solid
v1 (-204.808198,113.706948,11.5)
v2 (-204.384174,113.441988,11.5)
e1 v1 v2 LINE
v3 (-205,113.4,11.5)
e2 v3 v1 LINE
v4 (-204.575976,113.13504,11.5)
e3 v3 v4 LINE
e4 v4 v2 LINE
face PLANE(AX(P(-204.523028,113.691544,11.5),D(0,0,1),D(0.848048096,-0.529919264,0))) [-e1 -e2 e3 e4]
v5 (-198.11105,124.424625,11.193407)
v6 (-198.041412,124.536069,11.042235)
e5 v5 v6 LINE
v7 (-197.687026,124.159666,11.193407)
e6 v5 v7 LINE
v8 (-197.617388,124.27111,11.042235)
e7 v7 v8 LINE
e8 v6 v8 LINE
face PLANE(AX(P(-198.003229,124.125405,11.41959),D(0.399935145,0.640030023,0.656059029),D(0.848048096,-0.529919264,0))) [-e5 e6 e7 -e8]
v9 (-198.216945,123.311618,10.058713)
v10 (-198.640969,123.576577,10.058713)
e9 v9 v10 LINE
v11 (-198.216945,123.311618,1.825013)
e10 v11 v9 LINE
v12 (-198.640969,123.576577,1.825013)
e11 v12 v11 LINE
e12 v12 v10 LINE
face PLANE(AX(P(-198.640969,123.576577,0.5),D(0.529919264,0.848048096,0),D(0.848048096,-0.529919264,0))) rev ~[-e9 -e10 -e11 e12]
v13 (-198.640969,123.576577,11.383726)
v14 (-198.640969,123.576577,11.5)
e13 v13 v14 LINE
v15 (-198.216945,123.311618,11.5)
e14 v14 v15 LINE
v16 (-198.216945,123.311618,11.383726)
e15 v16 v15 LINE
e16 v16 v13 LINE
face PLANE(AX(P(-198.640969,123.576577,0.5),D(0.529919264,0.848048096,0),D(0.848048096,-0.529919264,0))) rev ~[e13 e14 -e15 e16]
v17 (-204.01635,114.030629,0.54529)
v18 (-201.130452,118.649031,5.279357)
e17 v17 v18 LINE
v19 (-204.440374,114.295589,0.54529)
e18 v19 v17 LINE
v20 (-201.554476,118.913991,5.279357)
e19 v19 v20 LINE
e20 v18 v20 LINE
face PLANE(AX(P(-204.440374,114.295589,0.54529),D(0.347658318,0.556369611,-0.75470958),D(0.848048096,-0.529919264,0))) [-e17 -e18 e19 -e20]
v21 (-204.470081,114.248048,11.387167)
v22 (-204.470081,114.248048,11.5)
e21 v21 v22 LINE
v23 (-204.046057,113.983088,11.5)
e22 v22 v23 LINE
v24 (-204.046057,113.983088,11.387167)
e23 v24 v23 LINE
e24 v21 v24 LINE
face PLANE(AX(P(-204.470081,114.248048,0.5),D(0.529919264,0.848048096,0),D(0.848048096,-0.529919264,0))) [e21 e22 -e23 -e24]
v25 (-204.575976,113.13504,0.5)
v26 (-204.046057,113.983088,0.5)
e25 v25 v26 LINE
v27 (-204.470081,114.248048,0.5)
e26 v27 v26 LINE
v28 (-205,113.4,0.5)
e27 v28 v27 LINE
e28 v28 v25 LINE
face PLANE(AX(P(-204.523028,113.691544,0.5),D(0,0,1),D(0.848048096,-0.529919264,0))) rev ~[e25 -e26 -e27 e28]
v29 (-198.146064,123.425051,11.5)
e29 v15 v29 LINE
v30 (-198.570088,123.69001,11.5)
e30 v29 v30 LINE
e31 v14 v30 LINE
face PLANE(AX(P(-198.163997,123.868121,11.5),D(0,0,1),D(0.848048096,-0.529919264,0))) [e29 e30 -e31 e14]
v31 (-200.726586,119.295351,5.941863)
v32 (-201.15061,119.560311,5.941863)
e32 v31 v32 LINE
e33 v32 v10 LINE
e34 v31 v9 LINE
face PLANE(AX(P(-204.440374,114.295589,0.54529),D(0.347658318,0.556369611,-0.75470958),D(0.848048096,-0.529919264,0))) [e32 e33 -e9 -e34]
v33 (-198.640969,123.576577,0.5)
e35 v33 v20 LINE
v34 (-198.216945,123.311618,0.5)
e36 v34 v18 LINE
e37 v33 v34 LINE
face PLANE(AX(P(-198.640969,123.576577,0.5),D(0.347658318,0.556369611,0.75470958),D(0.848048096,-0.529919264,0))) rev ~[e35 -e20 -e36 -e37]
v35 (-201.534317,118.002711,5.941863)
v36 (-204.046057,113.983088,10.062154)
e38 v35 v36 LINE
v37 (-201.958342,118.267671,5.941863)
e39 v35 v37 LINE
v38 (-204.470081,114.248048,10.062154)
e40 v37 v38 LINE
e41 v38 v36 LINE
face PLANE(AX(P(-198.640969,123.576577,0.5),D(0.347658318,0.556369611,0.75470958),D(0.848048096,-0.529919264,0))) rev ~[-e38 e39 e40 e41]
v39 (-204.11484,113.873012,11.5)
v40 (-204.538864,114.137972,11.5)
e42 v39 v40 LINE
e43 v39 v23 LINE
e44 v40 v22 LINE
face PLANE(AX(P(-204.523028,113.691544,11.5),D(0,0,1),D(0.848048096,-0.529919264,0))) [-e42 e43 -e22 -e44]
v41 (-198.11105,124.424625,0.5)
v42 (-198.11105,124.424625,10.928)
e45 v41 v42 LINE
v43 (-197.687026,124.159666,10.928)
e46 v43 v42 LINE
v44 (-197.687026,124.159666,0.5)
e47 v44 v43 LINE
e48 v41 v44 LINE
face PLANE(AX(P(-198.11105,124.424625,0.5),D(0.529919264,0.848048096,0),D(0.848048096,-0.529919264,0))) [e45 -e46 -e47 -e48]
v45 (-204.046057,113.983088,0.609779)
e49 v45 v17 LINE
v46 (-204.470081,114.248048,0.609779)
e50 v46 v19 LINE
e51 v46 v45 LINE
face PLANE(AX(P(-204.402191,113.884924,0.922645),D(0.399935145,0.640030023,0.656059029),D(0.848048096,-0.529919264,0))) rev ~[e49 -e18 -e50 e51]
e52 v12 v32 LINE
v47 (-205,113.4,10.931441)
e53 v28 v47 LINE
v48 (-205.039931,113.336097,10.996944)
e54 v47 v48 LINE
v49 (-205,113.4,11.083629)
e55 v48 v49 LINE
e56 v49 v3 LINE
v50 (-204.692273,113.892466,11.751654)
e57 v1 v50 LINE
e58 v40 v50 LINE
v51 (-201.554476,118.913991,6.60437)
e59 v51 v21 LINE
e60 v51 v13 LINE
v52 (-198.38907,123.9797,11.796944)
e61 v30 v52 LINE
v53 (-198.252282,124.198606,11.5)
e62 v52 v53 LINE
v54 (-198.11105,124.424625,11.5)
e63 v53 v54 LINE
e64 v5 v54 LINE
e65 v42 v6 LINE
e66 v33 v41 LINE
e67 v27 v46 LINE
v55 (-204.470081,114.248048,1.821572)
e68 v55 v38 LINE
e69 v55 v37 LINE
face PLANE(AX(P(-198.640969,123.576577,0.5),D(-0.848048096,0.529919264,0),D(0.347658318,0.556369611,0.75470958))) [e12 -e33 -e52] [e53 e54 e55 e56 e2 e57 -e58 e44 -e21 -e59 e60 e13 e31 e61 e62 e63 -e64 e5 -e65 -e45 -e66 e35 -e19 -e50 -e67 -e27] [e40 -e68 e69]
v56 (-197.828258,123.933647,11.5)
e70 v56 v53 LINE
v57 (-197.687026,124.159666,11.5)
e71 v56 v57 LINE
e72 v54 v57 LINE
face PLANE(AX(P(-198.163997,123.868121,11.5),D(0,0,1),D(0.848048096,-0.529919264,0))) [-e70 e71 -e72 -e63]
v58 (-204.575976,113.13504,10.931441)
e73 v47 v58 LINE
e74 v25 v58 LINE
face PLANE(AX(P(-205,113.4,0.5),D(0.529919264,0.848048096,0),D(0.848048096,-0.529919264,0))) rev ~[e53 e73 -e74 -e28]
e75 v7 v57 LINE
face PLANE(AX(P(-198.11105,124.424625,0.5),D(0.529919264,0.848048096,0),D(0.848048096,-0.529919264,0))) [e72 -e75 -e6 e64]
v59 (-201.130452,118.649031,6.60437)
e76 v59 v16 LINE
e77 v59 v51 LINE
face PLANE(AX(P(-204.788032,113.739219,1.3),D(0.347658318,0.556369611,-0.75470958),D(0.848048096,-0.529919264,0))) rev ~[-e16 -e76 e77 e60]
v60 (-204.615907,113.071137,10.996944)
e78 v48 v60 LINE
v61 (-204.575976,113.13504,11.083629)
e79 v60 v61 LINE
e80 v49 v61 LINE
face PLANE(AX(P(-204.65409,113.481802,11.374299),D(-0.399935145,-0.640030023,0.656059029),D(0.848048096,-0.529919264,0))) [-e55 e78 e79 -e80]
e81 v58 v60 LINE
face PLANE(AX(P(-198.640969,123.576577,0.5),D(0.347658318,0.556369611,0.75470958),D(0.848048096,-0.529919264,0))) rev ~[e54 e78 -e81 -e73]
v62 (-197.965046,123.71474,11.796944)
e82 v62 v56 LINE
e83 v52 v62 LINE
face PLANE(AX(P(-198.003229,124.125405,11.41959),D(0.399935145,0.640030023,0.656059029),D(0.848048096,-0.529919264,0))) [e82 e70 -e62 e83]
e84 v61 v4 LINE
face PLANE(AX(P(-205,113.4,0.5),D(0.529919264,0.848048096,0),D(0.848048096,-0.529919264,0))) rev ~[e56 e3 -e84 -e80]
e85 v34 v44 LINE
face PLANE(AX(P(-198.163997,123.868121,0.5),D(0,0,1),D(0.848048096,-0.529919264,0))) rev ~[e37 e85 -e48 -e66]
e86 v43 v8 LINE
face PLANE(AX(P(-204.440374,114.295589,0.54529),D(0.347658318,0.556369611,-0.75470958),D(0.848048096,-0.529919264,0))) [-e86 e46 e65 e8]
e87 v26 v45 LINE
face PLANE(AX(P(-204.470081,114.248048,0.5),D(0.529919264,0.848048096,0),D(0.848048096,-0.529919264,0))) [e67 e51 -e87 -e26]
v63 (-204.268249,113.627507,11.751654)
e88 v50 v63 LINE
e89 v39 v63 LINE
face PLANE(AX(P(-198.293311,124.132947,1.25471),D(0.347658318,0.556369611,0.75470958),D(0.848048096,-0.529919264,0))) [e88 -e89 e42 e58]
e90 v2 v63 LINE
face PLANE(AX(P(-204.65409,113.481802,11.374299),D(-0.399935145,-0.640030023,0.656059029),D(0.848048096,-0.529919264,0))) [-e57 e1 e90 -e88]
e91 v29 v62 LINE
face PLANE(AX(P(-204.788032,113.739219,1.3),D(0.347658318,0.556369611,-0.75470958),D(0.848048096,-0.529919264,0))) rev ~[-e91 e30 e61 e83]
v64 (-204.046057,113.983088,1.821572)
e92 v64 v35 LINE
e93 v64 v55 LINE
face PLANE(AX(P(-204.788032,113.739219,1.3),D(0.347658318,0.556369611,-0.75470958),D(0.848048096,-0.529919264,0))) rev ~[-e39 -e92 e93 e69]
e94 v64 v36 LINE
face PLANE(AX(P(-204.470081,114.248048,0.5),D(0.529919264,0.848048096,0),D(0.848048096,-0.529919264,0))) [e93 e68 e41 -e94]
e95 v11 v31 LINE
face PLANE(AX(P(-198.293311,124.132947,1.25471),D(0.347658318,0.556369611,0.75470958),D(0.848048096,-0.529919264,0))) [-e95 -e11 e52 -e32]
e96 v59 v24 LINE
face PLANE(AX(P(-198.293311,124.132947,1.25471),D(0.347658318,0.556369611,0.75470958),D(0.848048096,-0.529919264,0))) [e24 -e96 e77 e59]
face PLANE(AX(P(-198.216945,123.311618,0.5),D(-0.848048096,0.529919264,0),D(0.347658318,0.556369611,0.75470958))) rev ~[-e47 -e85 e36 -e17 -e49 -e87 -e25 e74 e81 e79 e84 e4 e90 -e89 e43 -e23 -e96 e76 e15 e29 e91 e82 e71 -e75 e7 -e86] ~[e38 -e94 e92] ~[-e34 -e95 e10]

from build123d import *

# Parameters (mm, degrees)
BOX224_W                  = 0.5
BOX224_H                  = 1
BOX224_DEPTH              = 11
BOX225_W                  = 0.5
BOX225_H                  = 1
BOX225_DEPTH              = 16
BOX225_ROLL_ANGLE         = 49
BOX226_W                  = 0.5
BOX226_H                  = 1
BOX226_DEPTH              = 16
BOX226_ROLL_ANGLE         = -49
BOX223_W                  = 0.5
BOX223_H                  = 1
BOX223_DEPTH              = 11
FUSION018_PLACEMENT_ANGLE = -32


with BuildPart() as cubo224:
    # Box224 → Box224 (new body)
    with BuildSketch(Plane(origin=(0, 12, 0.5), x_dir=(1, 0, 0), z_dir=(0, 0, 1))):
        with Locations((0.25, 0.5)):
            Rectangle(BOX224_W, BOX224_H)
    extrude(amount=BOX224_DEPTH)


with BuildPart() as cubo225:
    # Box225 → Box225 (new body)
    with BuildSketch(Plane.XY):
        with Locations((0.25, 0.5)):
            Rectangle(BOX225_W, BOX225_H)
    extrude(amount=BOX225_DEPTH)


with BuildPart() as cubo225_1:
    # Box225 roll: moved
    add(cubo225.part.rotate(Axis((0, 0, 0), (1, 0, 0)), BOX225_ROLL_ANGLE))


with BuildPart() as cubo225_2:
    # Box225 placement: moved
    add(cubo225_1.part.moved(Location((0, 12, 0.5))))


with BuildPart() as cubo226:
    # Box226 → Box226 (new body)
    with BuildSketch(Plane.XY):
        with Locations((0.25, 0.5)):
            Rectangle(BOX226_W, BOX226_H)
    extrude(amount=BOX226_DEPTH)


with BuildPart() as cubo226_1:
    # Box226 roll: moved
    add(cubo226.part.rotate(Axis((0, 0, 0), (1, 0, 0)), BOX226_ROLL_ANGLE))


with BuildPart() as cubo226_2:
    # Box226 placement: moved
    add(cubo226_1.part.moved(Location((0, 0.4, 1.3))))


with BuildPart() as fusion018:
    # Box223 → Box223 (new body)
    with BuildSketch(Plane.XY.offset(0.5)):
        with Locations((0.25, 0.5)):
            Rectangle(BOX223_W, BOX223_H)
    extrude(amount=BOX223_DEPTH)

    # Fusion018: union Cubo224, Cubo225, Cubo226
    add(cubo224.part)
    add(cubo225_2.part)
    add(cubo226_2.part)


with BuildPart() as fusion018_1:
    # Fusion018 placement: moved
    add(fusion018.part.moved(Location((-205, 113.4, 0))).rotate(Axis((-205, 113.4, 0), (0, 0, 1)), FUSION018_PLACEMENT_ANGLE))


solid = fusion018_1.part
